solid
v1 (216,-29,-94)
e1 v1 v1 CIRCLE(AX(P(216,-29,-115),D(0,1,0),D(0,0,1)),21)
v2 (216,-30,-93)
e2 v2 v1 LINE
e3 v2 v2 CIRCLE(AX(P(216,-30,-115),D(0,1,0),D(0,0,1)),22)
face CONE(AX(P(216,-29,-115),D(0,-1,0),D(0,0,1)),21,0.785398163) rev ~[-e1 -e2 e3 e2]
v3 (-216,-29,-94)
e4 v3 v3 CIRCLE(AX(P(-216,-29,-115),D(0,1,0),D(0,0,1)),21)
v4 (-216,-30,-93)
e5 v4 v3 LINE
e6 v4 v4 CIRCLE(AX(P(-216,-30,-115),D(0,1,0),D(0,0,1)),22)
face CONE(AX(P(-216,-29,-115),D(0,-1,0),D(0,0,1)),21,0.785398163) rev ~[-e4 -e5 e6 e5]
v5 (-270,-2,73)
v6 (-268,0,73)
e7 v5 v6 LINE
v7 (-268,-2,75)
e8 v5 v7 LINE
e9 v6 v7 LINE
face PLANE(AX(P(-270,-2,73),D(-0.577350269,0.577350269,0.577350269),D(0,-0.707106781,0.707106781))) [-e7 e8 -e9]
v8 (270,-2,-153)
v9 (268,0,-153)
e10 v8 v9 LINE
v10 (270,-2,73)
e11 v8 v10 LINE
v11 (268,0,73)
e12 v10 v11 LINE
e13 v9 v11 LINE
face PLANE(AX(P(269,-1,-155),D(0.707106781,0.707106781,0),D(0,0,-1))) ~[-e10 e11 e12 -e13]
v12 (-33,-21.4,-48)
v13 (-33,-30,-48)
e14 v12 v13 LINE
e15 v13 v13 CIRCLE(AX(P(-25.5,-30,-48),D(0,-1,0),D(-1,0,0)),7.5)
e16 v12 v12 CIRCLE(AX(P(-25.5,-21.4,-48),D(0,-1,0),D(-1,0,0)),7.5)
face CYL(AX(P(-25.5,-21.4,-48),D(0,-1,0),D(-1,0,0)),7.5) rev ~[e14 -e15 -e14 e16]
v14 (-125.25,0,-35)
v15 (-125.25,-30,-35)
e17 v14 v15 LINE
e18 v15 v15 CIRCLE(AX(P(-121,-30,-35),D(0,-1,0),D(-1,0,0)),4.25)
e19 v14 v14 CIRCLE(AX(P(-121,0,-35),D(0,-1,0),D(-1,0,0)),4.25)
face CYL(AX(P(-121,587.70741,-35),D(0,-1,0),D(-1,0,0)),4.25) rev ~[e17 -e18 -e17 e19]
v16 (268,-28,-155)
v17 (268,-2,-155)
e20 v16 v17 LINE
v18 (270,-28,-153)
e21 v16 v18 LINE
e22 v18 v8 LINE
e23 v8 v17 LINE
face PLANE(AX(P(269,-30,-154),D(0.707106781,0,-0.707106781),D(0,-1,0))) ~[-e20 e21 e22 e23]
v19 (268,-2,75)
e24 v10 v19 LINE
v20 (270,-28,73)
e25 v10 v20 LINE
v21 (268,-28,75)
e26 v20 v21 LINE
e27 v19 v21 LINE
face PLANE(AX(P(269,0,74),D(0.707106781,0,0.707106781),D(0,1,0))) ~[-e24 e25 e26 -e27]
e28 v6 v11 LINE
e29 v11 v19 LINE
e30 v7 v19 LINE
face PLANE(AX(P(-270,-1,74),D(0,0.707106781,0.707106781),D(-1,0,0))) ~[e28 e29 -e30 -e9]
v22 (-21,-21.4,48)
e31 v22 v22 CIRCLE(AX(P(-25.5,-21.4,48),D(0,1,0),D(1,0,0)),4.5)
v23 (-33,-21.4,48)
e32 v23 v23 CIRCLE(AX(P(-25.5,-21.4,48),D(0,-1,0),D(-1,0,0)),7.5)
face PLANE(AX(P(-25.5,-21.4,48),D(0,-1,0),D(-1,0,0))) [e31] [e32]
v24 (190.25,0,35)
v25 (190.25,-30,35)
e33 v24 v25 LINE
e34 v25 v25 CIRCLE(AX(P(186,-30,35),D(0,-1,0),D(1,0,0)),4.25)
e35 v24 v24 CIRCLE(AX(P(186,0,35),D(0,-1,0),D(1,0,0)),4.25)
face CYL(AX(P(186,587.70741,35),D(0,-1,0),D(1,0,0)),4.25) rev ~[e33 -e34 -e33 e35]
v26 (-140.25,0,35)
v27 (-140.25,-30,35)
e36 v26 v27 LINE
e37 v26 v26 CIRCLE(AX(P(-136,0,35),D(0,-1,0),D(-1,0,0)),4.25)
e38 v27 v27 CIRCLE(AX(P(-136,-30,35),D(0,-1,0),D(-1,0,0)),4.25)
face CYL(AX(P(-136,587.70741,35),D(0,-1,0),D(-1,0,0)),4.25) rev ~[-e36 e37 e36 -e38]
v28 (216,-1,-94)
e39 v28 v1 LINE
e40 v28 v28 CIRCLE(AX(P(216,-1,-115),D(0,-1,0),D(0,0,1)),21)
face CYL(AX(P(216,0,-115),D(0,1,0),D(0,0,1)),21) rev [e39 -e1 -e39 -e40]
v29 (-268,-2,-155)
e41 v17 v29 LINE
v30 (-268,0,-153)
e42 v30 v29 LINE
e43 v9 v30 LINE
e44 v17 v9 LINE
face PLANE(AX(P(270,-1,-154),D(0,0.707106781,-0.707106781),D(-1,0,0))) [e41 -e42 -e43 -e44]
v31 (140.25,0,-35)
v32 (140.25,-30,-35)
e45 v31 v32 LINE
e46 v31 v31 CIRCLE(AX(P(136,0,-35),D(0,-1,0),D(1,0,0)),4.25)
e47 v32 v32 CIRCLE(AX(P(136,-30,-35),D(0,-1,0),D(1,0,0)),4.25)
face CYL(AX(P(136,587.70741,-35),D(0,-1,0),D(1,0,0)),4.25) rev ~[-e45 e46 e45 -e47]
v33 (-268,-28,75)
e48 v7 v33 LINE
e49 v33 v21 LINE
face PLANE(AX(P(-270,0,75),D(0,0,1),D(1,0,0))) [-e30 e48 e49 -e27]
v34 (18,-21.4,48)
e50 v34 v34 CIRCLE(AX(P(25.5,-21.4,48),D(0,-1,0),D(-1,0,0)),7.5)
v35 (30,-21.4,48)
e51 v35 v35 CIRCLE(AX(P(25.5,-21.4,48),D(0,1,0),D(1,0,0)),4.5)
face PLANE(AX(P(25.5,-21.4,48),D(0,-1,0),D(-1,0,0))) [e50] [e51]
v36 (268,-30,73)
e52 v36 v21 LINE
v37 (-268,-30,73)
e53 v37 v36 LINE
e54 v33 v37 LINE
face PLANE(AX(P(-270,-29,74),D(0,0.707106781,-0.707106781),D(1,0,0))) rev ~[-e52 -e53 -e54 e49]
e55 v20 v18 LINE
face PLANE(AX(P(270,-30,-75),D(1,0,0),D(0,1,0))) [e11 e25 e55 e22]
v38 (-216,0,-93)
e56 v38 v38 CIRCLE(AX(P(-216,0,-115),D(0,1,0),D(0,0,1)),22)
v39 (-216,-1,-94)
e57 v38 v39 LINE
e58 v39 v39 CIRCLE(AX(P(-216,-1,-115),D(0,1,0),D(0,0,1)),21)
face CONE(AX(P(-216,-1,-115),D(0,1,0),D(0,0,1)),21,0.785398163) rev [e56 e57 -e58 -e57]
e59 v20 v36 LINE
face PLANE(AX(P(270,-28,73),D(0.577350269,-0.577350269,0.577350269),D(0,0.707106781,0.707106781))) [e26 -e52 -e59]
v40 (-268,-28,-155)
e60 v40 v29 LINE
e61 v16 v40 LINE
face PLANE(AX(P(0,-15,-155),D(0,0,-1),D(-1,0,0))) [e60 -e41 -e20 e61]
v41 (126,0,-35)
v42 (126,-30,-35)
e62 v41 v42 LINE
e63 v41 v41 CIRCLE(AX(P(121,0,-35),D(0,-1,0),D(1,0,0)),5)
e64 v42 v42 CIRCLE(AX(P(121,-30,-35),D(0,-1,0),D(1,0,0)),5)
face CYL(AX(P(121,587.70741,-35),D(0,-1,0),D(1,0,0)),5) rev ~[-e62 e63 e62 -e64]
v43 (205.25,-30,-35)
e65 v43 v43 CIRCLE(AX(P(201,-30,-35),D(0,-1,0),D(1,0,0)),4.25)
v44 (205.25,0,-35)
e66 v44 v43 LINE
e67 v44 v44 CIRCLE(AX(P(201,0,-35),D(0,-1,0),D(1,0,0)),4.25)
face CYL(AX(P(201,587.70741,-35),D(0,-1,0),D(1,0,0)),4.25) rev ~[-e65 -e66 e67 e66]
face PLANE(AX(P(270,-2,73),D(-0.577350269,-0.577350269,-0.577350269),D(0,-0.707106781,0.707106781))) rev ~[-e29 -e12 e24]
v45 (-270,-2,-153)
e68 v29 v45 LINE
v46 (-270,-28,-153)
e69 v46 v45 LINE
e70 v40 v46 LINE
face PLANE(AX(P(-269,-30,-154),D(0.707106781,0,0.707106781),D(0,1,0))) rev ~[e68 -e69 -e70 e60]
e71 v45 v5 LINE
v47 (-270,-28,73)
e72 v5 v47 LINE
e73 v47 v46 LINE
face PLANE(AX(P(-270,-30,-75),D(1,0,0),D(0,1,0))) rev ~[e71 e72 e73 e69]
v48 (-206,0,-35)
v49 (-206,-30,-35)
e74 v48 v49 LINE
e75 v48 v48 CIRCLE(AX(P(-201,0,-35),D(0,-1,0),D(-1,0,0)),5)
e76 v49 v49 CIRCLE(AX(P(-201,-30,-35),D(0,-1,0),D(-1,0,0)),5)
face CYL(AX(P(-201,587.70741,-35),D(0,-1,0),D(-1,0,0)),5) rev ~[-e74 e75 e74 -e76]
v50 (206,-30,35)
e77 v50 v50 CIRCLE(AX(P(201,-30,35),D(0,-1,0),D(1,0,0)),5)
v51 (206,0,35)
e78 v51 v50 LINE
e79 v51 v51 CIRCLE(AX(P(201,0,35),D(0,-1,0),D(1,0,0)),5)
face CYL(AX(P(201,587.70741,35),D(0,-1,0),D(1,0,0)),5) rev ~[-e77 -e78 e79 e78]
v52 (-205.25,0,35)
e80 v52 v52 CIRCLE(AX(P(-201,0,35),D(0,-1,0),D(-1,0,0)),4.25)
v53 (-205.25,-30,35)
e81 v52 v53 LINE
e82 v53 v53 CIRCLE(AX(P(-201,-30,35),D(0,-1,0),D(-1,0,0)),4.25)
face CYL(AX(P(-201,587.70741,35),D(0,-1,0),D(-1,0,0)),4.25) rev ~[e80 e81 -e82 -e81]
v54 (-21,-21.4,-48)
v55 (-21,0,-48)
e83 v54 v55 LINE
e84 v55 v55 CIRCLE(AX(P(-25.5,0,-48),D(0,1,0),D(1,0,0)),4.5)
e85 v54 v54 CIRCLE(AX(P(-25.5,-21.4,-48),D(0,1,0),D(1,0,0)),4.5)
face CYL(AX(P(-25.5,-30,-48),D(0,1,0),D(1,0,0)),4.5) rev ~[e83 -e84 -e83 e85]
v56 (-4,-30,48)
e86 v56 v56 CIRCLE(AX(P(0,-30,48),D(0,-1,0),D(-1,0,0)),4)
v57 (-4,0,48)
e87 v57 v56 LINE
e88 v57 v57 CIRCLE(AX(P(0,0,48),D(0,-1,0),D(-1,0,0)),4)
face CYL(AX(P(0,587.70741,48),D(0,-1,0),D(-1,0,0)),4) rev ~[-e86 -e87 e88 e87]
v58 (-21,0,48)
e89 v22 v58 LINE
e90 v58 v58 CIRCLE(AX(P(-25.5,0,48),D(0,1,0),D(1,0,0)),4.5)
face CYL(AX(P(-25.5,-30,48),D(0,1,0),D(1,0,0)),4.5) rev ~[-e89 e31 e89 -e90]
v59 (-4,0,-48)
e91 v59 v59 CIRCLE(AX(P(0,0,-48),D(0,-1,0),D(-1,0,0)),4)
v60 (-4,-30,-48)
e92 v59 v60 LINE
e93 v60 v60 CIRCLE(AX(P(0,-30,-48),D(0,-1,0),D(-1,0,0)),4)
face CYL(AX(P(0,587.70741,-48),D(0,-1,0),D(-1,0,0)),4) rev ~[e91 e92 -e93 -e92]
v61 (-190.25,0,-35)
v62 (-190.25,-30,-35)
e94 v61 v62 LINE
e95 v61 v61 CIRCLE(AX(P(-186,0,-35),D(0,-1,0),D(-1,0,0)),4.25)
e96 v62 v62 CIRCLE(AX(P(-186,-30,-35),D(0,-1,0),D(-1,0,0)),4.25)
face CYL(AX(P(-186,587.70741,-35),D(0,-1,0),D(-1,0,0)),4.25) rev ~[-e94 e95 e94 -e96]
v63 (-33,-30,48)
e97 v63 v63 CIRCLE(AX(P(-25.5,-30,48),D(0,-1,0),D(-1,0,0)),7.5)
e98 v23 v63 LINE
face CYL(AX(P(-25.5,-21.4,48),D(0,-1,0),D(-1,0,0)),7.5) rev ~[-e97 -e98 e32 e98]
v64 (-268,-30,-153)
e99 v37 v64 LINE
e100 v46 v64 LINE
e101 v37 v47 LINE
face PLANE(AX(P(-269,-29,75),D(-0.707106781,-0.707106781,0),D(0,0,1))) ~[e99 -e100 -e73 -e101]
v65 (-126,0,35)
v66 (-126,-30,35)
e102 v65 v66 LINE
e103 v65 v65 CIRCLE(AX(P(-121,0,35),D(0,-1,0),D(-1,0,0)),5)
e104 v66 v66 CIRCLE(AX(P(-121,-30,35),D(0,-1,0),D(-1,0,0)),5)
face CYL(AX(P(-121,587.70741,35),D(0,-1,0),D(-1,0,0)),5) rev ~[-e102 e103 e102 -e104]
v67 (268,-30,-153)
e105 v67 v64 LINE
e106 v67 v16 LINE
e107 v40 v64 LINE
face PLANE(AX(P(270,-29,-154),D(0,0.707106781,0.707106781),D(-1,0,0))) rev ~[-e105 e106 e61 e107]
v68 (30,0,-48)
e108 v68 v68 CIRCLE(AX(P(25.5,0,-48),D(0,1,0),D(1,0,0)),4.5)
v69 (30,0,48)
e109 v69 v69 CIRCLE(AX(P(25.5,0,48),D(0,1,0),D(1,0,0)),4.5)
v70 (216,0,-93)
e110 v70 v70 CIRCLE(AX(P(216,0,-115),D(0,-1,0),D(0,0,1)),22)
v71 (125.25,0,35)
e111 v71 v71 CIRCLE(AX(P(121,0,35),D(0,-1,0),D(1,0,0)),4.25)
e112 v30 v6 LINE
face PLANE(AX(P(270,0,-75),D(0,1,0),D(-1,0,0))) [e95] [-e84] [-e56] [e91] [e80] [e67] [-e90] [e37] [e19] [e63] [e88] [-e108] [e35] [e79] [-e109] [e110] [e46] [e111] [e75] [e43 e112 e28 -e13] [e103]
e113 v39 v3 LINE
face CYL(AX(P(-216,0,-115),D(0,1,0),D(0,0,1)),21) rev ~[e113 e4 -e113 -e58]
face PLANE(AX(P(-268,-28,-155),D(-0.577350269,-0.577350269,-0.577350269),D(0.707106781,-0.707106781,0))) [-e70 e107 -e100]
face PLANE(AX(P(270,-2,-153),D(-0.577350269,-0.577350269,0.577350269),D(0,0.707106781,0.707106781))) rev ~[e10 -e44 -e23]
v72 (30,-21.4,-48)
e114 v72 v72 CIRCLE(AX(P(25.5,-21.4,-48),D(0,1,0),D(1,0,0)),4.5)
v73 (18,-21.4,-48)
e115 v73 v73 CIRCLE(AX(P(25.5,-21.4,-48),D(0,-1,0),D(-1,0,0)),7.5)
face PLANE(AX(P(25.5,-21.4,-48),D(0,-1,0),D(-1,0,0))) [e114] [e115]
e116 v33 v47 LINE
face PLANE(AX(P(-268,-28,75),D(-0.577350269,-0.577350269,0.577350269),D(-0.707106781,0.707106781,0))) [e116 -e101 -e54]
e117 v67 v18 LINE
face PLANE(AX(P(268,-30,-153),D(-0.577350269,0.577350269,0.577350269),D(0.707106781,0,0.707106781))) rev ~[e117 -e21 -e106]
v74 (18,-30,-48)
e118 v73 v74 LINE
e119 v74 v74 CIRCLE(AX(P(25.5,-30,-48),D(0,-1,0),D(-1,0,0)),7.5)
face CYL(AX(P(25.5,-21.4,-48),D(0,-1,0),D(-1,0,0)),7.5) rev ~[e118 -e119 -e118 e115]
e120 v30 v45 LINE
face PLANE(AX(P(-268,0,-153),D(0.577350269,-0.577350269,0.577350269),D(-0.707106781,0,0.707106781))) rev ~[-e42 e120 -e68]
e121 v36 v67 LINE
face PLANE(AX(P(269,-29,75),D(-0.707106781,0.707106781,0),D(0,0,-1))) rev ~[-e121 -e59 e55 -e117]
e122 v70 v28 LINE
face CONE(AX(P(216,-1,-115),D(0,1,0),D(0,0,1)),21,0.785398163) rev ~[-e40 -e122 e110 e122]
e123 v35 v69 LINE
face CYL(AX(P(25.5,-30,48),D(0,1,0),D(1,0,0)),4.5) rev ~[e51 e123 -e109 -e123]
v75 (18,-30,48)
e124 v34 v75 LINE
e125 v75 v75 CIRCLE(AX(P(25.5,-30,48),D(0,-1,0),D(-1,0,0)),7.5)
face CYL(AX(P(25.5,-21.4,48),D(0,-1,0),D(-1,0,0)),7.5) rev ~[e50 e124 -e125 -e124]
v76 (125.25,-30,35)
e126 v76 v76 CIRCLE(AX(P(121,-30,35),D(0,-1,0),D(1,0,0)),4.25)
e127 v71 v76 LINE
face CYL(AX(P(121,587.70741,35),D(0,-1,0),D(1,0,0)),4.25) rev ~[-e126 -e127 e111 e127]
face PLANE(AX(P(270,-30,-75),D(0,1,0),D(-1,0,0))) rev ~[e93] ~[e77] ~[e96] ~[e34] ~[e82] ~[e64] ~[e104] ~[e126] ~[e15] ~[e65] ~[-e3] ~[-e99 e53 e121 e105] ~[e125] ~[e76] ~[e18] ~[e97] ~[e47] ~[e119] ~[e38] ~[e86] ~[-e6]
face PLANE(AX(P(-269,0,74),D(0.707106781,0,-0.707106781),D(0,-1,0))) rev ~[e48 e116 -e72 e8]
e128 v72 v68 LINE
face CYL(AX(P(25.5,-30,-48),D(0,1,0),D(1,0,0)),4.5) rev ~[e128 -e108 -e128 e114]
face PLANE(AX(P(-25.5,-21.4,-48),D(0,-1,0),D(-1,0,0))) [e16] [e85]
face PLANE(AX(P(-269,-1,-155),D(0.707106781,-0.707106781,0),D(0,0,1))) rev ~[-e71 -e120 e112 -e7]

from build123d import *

# Parameters (mm, degrees)
SKETCH2_W                                           = 540
SKETCH2_H                                           = 150
BOSS_EXTRUDE1_DEPTH                                 = 30
SKETCH3_W                                           = 540
SKETCH3_H                                           = 30
BOSS_EXTRUDE2_DEPTH                                 = 80
SKETCH6_R                                           = 21
CUT_EXTRUDE1_DEPTH                                  = 313.769883461
CHAMFER1_SIZE                                       = 2
CHAMFER2_SIZE                                       = 1
M10_TAPPED_HOLE1_D                                  = 8.5
F_10_0MM_DOWEL_HOLE1_D                              = 10
CIRPATTERN1_COUNT                                   = 2
CBORE_FOR_M8_HEX_SOCKET_HEAD_CAP_SCREW1_D           = 9
CBORE_FOR_M8_HEX_SOCKET_HEAD_CAP_SCREW1_CBORE_D     = 15
CBORE_FOR_M8_HEX_SOCKET_HEAD_CAP_SCREW1_CBORE_DEPTH = 8.6
F_8_0MM_DOWEL_HOLE1_D                               = 8


with BuildPart() as part:
    # Sketch2 → Boss-Extrude1 (new body)
    with BuildSketch(Plane(origin=(0, 0, 0), x_dir=(1, 0, 0), z_dir=(0, 1, 0))):
        Rectangle(SKETCH2_W, SKETCH2_H)
    extrude(amount=-BOSS_EXTRUDE1_DEPTH)

    # Sketch3 → Boss-Extrude2 (add)
    with BuildSketch(Plane(origin=(0, 0, -75), x_dir=(-1, 0, 0), z_dir=(0, 0, -1))):
        with Locations((0, -15)):
            Rectangle(SKETCH3_W, SKETCH3_H)
    extrude(amount=BOSS_EXTRUDE2_DEPTH)

    # Sketch6 → Cut-Extrude1 (cut, through all)
    with BuildSketch(Plane(origin=(0, 0, 0), x_dir=(1, 0, 0), z_dir=(0, 1, 0))):
        with Locations((-216, 115)):
            Circle(SKETCH6_R)
    cut_extrude1 = extrude(amount=-CUT_EXTRUDE1_DEPTH, mode=Mode.SUBTRACT)

    # Mirror1: Cut-Extrude1 across plane
    add(cut_extrude1.mirror(Plane(origin=(0, 0, 0), x_dir=(0, 0, 1), z_dir=(1, 0, 0))), mode=Mode.SUBTRACT)

    # Chamfer1
    chamfer1_edges = [part.edges().sort_by_distance(p)[0] for p in [
        (270, -30, -40),
        (270, 0, -40),
        (0, -30, -155),
        (270, -15, -155),
        (0, 0, -155),
        (-270, -30, -40),
        (-270, -15, -155),
        (-270, 0, -40),
        (270, -15, 75),
        (0, -30, 75),
        (-270, -15, 75),
        (0, 0, 75),
    ]]
    chamfer(chamfer1_edges, length=CHAMFER1_SIZE)

    # Chamfer2
    chamfer2_edges = [part.edges().sort_by_distance(p)[0] for p in [
        (-237, -30, -115),
        (237, -30, -115),
        (237, 0, -115),
        (-237, 0, -115),
    ]]
    chamfer(chamfer2_edges, length=CHAMFER2_SIZE)

    # M10 Tapped Hole1 (through all)
    with Locations(Plane(origin=(0, 0, 0), x_dir=(1, 0, 0), z_dir=(0, 1, 0))):
        with Locations((-121, 35), (-186, 35), (-136, -35), (-201, -35)):
            m10_tapped_hole1 = Hole(M10_TAPPED_HOLE1_D / 2)

    # Ø10.0mm Dowel Hole1 (through all)
    with Locations(Plane(origin=(0, 0, 0), x_dir=(1, 0, 0), z_dir=(0, 1, 0))):
        with Locations((-121, -35), (-201, 35)):
            f_10_0mm_dowel_hole1 = Hole(F_10_0MM_DOWEL_HOLE1_D / 2)

    # CirPattern1: M10 Tapped Hole1, Ø10.0mm Dowel Hole1 ×2 about axis
    cirpattern1_axis = Axis((0, -70, 0), (0, 1, 0))
    add([m10_tapped_hole1.rotate(cirpattern1_axis, i * 360 / CIRPATTERN1_COUNT) for i in range(1, CIRPATTERN1_COUNT)], mode=Mode.SUBTRACT)
    add([f_10_0mm_dowel_hole1.rotate(cirpattern1_axis, i * 360 / CIRPATTERN1_COUNT) for i in range(1, CIRPATTERN1_COUNT)], mode=Mode.SUBTRACT)

    # CBORE for M8 Hex Socket Head Cap Screw1 (through all)
    with Locations(Plane(origin=(0, -30, 0), x_dir=(-1, 0, 0), z_dir=(0, -1, 0))):
        with Locations((25.5, 48), (-25.5, 48), (-25.5, -48), (25.5, -48)):
            CounterBoreHole(CBORE_FOR_M8_HEX_SOCKET_HEAD_CAP_SCREW1_D / 2, CBORE_FOR_M8_HEX_SOCKET_HEAD_CAP_SCREW1_CBORE_D / 2, CBORE_FOR_M8_HEX_SOCKET_HEAD_CAP_SCREW1_CBORE_DEPTH)

    # Ø8.0mm Dowel Hole1 (through all)
    with Locations(Plane(origin=(0, 0, 0), x_dir=(1, 0, 0), z_dir=(0, 1, 0))):
        with Locations((0, -48), (0, 48)):
            Hole(F_8_0MM_DOWEL_HOLE1_D / 2)


solid = part.part
